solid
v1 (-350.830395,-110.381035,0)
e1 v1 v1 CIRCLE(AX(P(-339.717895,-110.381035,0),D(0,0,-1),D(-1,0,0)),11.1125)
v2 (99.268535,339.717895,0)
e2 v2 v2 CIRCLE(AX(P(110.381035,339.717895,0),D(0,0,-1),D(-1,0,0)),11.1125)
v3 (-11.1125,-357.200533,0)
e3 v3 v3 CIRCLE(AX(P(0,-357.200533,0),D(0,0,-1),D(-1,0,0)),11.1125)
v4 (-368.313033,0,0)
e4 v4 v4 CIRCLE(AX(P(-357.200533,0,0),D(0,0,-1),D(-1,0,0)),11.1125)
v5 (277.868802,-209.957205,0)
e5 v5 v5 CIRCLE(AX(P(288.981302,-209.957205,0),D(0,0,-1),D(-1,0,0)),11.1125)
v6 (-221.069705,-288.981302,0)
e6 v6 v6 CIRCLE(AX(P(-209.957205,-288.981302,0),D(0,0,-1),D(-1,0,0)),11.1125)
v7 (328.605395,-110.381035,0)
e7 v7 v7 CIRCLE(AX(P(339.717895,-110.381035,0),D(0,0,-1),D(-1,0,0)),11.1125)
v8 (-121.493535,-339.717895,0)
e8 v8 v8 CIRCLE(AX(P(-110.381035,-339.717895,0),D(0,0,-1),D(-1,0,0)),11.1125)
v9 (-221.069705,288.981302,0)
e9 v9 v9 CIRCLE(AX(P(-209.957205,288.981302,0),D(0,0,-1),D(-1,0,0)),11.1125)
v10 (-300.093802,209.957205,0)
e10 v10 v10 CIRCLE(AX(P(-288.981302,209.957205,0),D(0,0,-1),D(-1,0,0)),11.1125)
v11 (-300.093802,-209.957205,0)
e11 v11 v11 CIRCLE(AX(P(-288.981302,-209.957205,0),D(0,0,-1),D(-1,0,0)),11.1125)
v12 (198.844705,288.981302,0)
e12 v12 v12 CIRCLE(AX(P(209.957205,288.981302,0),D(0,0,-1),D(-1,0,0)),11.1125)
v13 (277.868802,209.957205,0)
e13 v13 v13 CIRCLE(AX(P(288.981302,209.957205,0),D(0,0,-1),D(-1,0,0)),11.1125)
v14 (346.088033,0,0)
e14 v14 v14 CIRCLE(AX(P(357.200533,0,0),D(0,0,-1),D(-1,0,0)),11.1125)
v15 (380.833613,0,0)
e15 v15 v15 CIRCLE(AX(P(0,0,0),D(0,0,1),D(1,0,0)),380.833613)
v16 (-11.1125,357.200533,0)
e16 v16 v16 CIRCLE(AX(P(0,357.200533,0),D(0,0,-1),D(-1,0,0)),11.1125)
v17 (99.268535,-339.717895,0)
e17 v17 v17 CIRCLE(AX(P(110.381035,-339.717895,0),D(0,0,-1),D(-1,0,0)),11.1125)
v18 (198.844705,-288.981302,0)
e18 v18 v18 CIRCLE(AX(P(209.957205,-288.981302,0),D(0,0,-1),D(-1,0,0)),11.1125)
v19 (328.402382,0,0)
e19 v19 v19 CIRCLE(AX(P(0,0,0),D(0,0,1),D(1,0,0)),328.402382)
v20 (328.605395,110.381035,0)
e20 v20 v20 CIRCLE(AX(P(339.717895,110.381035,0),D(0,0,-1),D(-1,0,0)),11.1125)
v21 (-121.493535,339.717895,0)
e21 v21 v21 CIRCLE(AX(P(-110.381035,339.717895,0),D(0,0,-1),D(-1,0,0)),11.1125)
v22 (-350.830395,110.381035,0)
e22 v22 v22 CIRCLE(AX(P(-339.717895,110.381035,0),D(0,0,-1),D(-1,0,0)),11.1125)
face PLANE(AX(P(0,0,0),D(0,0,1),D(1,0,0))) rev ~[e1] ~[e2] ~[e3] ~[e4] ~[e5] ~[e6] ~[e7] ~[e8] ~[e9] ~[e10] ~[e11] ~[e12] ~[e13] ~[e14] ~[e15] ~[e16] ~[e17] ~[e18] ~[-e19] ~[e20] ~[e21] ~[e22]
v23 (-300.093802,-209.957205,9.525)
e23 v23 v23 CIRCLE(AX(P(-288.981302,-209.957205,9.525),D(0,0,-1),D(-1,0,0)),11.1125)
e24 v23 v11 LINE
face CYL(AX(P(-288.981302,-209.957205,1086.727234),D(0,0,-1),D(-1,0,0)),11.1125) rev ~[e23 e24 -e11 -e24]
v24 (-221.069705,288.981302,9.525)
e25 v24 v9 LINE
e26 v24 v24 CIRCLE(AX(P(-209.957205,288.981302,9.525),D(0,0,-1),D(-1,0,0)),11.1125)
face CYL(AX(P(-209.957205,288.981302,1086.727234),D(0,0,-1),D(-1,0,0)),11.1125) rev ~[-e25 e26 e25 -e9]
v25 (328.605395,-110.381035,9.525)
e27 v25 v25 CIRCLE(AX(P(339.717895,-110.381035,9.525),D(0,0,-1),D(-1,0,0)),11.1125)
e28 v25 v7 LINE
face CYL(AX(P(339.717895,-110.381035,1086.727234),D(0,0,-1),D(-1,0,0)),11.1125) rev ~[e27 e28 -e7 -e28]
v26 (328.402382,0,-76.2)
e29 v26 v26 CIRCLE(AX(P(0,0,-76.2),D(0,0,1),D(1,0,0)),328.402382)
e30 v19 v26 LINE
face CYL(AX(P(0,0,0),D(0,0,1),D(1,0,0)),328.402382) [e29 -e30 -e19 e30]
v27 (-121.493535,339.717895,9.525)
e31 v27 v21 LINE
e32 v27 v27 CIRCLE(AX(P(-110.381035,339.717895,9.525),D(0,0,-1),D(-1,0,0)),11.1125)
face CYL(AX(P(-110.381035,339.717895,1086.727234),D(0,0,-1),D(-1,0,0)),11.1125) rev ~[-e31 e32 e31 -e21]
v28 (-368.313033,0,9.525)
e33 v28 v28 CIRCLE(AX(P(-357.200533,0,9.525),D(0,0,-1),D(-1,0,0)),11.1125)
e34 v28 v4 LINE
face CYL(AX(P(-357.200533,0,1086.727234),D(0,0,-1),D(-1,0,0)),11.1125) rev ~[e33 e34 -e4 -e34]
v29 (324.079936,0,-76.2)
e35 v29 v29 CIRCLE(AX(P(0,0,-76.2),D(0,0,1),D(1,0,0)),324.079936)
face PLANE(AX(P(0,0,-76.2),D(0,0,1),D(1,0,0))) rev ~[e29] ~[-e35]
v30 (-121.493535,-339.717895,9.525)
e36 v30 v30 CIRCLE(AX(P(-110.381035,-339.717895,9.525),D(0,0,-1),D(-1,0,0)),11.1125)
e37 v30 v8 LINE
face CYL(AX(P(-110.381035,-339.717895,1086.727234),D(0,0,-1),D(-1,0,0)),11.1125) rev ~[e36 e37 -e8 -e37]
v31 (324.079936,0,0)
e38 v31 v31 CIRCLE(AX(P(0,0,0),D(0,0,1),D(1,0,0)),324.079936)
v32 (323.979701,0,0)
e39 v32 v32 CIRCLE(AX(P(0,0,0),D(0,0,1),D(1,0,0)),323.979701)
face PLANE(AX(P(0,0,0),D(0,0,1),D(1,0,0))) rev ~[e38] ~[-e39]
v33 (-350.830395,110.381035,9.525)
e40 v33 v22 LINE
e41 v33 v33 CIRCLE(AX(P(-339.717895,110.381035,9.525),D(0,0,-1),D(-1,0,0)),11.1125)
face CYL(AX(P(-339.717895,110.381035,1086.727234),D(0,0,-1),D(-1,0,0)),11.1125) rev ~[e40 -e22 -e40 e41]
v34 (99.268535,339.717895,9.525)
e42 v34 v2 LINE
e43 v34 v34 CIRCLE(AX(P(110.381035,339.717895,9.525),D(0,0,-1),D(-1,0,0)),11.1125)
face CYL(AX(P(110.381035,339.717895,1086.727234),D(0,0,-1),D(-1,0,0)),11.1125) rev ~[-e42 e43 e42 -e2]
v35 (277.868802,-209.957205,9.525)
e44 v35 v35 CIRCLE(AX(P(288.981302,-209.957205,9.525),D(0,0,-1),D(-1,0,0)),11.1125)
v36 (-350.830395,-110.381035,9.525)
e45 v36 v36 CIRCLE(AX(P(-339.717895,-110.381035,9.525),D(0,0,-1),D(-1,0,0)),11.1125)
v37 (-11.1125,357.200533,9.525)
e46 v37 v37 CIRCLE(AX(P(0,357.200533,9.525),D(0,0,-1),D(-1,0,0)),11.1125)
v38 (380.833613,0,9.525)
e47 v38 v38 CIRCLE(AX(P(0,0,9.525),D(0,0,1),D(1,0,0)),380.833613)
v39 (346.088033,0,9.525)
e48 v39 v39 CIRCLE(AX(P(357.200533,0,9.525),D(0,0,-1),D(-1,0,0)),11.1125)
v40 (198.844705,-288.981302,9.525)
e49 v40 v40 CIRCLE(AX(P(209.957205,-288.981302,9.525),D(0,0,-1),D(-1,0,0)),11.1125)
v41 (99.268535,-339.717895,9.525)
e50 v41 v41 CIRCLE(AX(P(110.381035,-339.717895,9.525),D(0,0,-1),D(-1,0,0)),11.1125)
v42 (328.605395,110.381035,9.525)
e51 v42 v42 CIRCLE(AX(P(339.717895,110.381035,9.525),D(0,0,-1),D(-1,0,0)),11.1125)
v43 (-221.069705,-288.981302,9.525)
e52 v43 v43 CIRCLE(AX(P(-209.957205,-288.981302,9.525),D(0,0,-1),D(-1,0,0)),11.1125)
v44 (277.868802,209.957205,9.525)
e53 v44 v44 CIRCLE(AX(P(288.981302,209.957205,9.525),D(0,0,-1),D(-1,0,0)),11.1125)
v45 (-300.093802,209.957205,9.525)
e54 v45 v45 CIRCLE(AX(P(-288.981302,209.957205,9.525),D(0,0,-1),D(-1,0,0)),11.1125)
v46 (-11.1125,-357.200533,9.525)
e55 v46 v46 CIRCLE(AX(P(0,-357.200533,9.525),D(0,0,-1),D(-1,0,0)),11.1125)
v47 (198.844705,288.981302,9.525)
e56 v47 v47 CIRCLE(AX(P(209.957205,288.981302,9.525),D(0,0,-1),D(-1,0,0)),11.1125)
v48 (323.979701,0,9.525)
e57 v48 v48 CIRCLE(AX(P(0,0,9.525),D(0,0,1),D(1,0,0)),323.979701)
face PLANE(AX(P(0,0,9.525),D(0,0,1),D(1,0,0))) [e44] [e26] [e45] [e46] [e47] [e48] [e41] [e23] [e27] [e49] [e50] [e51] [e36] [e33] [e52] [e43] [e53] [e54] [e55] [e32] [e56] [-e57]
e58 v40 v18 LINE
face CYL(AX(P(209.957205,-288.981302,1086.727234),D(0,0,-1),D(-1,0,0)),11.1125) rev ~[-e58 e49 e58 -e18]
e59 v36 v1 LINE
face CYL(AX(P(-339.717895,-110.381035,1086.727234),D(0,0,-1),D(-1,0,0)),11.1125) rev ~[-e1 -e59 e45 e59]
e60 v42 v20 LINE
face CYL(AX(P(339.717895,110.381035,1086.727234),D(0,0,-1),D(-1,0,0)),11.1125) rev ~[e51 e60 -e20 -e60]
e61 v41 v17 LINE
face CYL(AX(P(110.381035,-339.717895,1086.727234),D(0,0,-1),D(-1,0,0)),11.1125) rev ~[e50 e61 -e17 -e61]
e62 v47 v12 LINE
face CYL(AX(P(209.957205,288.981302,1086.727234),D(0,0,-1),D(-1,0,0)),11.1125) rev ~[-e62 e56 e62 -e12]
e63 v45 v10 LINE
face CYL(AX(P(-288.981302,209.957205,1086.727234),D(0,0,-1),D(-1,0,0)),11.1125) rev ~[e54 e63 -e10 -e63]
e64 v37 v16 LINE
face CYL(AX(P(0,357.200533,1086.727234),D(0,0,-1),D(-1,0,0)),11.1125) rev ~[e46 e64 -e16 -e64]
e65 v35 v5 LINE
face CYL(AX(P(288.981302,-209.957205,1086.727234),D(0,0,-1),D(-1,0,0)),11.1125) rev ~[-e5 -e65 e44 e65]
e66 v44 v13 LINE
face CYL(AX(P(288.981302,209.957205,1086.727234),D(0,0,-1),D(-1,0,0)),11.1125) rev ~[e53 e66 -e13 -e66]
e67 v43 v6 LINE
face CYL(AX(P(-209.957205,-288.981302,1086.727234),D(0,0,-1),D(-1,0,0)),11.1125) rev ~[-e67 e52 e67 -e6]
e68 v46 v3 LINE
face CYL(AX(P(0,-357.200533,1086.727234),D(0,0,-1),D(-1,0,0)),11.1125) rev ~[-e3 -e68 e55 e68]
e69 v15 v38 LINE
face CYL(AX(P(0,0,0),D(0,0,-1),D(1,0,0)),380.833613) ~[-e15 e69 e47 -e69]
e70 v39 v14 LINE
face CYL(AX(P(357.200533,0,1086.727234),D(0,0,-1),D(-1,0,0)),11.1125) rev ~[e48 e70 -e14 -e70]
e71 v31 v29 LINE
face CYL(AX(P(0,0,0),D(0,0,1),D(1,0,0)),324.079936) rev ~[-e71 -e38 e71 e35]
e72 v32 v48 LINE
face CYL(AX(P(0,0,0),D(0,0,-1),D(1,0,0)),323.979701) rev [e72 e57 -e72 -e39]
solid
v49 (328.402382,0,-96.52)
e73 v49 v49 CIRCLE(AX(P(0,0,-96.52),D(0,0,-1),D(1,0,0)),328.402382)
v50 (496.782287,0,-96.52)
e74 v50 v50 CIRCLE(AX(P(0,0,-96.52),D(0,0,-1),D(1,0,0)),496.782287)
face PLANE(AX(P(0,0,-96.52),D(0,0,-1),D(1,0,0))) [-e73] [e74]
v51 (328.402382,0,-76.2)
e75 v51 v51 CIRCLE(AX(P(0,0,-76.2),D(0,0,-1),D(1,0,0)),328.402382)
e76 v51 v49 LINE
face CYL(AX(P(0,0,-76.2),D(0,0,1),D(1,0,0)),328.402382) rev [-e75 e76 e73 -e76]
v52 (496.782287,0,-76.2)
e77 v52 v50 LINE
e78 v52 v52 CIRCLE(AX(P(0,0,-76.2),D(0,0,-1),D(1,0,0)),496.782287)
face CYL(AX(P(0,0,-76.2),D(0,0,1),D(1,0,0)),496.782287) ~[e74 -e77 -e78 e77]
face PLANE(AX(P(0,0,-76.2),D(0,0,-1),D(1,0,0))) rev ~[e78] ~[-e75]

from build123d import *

# Parameters (mm, degrees)
F0_R     = 380.833613
F0_R_2   = 323.979701
F1_DEPTH = 9.525
F3_D     = 22.225
F4_R     = 328.402382
F4_R_2   = 324.079936
F5_DEPTH = 76.2
F6_R     = 496.782287
F6_R_2   = 328.402382
F7_DEPTH = 20.32


with BuildPart() as f1:
    # F0 (on Top) → F1 (new body)
    with BuildSketch(Plane.XY):
        Circle(F0_R)
        Circle(F0_R_2, mode=Mode.SUBTRACT)
    extrude(amount=F1_DEPTH)

    # F3 (through all)
    with Locations(Plane.XY.offset(9.525)):
        with Locations((-288.981302, 209.957205), (-339.717895, 110.381035), (-357.200533, 0), (-339.717895, -110.381035), (-288.981302, -209.957205), (-209.957205, -288.981302), (-110.381035, -339.717895), (0, -357.200533), (110.381035, -339.717895), (209.957205, -288.981302), (288.981302, -209.957205), (339.717895, -110.381035), (357.200533, 0), (339.717895, 110.381035), (288.981302, 209.957205), (209.957205, 288.981302), (110.381035, 339.717895), (0, 357.200533), (-110.381035, 339.717895), (-209.957205, 288.981302)):
            Hole(F3_D / 2)

    # F4 (on face) → F5 (join)
    with BuildSketch(Plane.XY):
        Circle(F4_R)
        Circle(F4_R_2, mode=Mode.SUBTRACT)
    extrude(amount=-F5_DEPTH)


with BuildPart() as f7:
    # F6 (on face) → F7 (new body)
    with BuildSketch(Plane(origin=(0, 0, -76.2), x_dir=(1, 0, 0), z_dir=(0, 0, -1))):
        Circle(F6_R)
        Circle(F6_R_2, mode=Mode.SUBTRACT)
    extrude(amount=F7_DEPTH)


solid = Compound([f1.part, f7.part])
